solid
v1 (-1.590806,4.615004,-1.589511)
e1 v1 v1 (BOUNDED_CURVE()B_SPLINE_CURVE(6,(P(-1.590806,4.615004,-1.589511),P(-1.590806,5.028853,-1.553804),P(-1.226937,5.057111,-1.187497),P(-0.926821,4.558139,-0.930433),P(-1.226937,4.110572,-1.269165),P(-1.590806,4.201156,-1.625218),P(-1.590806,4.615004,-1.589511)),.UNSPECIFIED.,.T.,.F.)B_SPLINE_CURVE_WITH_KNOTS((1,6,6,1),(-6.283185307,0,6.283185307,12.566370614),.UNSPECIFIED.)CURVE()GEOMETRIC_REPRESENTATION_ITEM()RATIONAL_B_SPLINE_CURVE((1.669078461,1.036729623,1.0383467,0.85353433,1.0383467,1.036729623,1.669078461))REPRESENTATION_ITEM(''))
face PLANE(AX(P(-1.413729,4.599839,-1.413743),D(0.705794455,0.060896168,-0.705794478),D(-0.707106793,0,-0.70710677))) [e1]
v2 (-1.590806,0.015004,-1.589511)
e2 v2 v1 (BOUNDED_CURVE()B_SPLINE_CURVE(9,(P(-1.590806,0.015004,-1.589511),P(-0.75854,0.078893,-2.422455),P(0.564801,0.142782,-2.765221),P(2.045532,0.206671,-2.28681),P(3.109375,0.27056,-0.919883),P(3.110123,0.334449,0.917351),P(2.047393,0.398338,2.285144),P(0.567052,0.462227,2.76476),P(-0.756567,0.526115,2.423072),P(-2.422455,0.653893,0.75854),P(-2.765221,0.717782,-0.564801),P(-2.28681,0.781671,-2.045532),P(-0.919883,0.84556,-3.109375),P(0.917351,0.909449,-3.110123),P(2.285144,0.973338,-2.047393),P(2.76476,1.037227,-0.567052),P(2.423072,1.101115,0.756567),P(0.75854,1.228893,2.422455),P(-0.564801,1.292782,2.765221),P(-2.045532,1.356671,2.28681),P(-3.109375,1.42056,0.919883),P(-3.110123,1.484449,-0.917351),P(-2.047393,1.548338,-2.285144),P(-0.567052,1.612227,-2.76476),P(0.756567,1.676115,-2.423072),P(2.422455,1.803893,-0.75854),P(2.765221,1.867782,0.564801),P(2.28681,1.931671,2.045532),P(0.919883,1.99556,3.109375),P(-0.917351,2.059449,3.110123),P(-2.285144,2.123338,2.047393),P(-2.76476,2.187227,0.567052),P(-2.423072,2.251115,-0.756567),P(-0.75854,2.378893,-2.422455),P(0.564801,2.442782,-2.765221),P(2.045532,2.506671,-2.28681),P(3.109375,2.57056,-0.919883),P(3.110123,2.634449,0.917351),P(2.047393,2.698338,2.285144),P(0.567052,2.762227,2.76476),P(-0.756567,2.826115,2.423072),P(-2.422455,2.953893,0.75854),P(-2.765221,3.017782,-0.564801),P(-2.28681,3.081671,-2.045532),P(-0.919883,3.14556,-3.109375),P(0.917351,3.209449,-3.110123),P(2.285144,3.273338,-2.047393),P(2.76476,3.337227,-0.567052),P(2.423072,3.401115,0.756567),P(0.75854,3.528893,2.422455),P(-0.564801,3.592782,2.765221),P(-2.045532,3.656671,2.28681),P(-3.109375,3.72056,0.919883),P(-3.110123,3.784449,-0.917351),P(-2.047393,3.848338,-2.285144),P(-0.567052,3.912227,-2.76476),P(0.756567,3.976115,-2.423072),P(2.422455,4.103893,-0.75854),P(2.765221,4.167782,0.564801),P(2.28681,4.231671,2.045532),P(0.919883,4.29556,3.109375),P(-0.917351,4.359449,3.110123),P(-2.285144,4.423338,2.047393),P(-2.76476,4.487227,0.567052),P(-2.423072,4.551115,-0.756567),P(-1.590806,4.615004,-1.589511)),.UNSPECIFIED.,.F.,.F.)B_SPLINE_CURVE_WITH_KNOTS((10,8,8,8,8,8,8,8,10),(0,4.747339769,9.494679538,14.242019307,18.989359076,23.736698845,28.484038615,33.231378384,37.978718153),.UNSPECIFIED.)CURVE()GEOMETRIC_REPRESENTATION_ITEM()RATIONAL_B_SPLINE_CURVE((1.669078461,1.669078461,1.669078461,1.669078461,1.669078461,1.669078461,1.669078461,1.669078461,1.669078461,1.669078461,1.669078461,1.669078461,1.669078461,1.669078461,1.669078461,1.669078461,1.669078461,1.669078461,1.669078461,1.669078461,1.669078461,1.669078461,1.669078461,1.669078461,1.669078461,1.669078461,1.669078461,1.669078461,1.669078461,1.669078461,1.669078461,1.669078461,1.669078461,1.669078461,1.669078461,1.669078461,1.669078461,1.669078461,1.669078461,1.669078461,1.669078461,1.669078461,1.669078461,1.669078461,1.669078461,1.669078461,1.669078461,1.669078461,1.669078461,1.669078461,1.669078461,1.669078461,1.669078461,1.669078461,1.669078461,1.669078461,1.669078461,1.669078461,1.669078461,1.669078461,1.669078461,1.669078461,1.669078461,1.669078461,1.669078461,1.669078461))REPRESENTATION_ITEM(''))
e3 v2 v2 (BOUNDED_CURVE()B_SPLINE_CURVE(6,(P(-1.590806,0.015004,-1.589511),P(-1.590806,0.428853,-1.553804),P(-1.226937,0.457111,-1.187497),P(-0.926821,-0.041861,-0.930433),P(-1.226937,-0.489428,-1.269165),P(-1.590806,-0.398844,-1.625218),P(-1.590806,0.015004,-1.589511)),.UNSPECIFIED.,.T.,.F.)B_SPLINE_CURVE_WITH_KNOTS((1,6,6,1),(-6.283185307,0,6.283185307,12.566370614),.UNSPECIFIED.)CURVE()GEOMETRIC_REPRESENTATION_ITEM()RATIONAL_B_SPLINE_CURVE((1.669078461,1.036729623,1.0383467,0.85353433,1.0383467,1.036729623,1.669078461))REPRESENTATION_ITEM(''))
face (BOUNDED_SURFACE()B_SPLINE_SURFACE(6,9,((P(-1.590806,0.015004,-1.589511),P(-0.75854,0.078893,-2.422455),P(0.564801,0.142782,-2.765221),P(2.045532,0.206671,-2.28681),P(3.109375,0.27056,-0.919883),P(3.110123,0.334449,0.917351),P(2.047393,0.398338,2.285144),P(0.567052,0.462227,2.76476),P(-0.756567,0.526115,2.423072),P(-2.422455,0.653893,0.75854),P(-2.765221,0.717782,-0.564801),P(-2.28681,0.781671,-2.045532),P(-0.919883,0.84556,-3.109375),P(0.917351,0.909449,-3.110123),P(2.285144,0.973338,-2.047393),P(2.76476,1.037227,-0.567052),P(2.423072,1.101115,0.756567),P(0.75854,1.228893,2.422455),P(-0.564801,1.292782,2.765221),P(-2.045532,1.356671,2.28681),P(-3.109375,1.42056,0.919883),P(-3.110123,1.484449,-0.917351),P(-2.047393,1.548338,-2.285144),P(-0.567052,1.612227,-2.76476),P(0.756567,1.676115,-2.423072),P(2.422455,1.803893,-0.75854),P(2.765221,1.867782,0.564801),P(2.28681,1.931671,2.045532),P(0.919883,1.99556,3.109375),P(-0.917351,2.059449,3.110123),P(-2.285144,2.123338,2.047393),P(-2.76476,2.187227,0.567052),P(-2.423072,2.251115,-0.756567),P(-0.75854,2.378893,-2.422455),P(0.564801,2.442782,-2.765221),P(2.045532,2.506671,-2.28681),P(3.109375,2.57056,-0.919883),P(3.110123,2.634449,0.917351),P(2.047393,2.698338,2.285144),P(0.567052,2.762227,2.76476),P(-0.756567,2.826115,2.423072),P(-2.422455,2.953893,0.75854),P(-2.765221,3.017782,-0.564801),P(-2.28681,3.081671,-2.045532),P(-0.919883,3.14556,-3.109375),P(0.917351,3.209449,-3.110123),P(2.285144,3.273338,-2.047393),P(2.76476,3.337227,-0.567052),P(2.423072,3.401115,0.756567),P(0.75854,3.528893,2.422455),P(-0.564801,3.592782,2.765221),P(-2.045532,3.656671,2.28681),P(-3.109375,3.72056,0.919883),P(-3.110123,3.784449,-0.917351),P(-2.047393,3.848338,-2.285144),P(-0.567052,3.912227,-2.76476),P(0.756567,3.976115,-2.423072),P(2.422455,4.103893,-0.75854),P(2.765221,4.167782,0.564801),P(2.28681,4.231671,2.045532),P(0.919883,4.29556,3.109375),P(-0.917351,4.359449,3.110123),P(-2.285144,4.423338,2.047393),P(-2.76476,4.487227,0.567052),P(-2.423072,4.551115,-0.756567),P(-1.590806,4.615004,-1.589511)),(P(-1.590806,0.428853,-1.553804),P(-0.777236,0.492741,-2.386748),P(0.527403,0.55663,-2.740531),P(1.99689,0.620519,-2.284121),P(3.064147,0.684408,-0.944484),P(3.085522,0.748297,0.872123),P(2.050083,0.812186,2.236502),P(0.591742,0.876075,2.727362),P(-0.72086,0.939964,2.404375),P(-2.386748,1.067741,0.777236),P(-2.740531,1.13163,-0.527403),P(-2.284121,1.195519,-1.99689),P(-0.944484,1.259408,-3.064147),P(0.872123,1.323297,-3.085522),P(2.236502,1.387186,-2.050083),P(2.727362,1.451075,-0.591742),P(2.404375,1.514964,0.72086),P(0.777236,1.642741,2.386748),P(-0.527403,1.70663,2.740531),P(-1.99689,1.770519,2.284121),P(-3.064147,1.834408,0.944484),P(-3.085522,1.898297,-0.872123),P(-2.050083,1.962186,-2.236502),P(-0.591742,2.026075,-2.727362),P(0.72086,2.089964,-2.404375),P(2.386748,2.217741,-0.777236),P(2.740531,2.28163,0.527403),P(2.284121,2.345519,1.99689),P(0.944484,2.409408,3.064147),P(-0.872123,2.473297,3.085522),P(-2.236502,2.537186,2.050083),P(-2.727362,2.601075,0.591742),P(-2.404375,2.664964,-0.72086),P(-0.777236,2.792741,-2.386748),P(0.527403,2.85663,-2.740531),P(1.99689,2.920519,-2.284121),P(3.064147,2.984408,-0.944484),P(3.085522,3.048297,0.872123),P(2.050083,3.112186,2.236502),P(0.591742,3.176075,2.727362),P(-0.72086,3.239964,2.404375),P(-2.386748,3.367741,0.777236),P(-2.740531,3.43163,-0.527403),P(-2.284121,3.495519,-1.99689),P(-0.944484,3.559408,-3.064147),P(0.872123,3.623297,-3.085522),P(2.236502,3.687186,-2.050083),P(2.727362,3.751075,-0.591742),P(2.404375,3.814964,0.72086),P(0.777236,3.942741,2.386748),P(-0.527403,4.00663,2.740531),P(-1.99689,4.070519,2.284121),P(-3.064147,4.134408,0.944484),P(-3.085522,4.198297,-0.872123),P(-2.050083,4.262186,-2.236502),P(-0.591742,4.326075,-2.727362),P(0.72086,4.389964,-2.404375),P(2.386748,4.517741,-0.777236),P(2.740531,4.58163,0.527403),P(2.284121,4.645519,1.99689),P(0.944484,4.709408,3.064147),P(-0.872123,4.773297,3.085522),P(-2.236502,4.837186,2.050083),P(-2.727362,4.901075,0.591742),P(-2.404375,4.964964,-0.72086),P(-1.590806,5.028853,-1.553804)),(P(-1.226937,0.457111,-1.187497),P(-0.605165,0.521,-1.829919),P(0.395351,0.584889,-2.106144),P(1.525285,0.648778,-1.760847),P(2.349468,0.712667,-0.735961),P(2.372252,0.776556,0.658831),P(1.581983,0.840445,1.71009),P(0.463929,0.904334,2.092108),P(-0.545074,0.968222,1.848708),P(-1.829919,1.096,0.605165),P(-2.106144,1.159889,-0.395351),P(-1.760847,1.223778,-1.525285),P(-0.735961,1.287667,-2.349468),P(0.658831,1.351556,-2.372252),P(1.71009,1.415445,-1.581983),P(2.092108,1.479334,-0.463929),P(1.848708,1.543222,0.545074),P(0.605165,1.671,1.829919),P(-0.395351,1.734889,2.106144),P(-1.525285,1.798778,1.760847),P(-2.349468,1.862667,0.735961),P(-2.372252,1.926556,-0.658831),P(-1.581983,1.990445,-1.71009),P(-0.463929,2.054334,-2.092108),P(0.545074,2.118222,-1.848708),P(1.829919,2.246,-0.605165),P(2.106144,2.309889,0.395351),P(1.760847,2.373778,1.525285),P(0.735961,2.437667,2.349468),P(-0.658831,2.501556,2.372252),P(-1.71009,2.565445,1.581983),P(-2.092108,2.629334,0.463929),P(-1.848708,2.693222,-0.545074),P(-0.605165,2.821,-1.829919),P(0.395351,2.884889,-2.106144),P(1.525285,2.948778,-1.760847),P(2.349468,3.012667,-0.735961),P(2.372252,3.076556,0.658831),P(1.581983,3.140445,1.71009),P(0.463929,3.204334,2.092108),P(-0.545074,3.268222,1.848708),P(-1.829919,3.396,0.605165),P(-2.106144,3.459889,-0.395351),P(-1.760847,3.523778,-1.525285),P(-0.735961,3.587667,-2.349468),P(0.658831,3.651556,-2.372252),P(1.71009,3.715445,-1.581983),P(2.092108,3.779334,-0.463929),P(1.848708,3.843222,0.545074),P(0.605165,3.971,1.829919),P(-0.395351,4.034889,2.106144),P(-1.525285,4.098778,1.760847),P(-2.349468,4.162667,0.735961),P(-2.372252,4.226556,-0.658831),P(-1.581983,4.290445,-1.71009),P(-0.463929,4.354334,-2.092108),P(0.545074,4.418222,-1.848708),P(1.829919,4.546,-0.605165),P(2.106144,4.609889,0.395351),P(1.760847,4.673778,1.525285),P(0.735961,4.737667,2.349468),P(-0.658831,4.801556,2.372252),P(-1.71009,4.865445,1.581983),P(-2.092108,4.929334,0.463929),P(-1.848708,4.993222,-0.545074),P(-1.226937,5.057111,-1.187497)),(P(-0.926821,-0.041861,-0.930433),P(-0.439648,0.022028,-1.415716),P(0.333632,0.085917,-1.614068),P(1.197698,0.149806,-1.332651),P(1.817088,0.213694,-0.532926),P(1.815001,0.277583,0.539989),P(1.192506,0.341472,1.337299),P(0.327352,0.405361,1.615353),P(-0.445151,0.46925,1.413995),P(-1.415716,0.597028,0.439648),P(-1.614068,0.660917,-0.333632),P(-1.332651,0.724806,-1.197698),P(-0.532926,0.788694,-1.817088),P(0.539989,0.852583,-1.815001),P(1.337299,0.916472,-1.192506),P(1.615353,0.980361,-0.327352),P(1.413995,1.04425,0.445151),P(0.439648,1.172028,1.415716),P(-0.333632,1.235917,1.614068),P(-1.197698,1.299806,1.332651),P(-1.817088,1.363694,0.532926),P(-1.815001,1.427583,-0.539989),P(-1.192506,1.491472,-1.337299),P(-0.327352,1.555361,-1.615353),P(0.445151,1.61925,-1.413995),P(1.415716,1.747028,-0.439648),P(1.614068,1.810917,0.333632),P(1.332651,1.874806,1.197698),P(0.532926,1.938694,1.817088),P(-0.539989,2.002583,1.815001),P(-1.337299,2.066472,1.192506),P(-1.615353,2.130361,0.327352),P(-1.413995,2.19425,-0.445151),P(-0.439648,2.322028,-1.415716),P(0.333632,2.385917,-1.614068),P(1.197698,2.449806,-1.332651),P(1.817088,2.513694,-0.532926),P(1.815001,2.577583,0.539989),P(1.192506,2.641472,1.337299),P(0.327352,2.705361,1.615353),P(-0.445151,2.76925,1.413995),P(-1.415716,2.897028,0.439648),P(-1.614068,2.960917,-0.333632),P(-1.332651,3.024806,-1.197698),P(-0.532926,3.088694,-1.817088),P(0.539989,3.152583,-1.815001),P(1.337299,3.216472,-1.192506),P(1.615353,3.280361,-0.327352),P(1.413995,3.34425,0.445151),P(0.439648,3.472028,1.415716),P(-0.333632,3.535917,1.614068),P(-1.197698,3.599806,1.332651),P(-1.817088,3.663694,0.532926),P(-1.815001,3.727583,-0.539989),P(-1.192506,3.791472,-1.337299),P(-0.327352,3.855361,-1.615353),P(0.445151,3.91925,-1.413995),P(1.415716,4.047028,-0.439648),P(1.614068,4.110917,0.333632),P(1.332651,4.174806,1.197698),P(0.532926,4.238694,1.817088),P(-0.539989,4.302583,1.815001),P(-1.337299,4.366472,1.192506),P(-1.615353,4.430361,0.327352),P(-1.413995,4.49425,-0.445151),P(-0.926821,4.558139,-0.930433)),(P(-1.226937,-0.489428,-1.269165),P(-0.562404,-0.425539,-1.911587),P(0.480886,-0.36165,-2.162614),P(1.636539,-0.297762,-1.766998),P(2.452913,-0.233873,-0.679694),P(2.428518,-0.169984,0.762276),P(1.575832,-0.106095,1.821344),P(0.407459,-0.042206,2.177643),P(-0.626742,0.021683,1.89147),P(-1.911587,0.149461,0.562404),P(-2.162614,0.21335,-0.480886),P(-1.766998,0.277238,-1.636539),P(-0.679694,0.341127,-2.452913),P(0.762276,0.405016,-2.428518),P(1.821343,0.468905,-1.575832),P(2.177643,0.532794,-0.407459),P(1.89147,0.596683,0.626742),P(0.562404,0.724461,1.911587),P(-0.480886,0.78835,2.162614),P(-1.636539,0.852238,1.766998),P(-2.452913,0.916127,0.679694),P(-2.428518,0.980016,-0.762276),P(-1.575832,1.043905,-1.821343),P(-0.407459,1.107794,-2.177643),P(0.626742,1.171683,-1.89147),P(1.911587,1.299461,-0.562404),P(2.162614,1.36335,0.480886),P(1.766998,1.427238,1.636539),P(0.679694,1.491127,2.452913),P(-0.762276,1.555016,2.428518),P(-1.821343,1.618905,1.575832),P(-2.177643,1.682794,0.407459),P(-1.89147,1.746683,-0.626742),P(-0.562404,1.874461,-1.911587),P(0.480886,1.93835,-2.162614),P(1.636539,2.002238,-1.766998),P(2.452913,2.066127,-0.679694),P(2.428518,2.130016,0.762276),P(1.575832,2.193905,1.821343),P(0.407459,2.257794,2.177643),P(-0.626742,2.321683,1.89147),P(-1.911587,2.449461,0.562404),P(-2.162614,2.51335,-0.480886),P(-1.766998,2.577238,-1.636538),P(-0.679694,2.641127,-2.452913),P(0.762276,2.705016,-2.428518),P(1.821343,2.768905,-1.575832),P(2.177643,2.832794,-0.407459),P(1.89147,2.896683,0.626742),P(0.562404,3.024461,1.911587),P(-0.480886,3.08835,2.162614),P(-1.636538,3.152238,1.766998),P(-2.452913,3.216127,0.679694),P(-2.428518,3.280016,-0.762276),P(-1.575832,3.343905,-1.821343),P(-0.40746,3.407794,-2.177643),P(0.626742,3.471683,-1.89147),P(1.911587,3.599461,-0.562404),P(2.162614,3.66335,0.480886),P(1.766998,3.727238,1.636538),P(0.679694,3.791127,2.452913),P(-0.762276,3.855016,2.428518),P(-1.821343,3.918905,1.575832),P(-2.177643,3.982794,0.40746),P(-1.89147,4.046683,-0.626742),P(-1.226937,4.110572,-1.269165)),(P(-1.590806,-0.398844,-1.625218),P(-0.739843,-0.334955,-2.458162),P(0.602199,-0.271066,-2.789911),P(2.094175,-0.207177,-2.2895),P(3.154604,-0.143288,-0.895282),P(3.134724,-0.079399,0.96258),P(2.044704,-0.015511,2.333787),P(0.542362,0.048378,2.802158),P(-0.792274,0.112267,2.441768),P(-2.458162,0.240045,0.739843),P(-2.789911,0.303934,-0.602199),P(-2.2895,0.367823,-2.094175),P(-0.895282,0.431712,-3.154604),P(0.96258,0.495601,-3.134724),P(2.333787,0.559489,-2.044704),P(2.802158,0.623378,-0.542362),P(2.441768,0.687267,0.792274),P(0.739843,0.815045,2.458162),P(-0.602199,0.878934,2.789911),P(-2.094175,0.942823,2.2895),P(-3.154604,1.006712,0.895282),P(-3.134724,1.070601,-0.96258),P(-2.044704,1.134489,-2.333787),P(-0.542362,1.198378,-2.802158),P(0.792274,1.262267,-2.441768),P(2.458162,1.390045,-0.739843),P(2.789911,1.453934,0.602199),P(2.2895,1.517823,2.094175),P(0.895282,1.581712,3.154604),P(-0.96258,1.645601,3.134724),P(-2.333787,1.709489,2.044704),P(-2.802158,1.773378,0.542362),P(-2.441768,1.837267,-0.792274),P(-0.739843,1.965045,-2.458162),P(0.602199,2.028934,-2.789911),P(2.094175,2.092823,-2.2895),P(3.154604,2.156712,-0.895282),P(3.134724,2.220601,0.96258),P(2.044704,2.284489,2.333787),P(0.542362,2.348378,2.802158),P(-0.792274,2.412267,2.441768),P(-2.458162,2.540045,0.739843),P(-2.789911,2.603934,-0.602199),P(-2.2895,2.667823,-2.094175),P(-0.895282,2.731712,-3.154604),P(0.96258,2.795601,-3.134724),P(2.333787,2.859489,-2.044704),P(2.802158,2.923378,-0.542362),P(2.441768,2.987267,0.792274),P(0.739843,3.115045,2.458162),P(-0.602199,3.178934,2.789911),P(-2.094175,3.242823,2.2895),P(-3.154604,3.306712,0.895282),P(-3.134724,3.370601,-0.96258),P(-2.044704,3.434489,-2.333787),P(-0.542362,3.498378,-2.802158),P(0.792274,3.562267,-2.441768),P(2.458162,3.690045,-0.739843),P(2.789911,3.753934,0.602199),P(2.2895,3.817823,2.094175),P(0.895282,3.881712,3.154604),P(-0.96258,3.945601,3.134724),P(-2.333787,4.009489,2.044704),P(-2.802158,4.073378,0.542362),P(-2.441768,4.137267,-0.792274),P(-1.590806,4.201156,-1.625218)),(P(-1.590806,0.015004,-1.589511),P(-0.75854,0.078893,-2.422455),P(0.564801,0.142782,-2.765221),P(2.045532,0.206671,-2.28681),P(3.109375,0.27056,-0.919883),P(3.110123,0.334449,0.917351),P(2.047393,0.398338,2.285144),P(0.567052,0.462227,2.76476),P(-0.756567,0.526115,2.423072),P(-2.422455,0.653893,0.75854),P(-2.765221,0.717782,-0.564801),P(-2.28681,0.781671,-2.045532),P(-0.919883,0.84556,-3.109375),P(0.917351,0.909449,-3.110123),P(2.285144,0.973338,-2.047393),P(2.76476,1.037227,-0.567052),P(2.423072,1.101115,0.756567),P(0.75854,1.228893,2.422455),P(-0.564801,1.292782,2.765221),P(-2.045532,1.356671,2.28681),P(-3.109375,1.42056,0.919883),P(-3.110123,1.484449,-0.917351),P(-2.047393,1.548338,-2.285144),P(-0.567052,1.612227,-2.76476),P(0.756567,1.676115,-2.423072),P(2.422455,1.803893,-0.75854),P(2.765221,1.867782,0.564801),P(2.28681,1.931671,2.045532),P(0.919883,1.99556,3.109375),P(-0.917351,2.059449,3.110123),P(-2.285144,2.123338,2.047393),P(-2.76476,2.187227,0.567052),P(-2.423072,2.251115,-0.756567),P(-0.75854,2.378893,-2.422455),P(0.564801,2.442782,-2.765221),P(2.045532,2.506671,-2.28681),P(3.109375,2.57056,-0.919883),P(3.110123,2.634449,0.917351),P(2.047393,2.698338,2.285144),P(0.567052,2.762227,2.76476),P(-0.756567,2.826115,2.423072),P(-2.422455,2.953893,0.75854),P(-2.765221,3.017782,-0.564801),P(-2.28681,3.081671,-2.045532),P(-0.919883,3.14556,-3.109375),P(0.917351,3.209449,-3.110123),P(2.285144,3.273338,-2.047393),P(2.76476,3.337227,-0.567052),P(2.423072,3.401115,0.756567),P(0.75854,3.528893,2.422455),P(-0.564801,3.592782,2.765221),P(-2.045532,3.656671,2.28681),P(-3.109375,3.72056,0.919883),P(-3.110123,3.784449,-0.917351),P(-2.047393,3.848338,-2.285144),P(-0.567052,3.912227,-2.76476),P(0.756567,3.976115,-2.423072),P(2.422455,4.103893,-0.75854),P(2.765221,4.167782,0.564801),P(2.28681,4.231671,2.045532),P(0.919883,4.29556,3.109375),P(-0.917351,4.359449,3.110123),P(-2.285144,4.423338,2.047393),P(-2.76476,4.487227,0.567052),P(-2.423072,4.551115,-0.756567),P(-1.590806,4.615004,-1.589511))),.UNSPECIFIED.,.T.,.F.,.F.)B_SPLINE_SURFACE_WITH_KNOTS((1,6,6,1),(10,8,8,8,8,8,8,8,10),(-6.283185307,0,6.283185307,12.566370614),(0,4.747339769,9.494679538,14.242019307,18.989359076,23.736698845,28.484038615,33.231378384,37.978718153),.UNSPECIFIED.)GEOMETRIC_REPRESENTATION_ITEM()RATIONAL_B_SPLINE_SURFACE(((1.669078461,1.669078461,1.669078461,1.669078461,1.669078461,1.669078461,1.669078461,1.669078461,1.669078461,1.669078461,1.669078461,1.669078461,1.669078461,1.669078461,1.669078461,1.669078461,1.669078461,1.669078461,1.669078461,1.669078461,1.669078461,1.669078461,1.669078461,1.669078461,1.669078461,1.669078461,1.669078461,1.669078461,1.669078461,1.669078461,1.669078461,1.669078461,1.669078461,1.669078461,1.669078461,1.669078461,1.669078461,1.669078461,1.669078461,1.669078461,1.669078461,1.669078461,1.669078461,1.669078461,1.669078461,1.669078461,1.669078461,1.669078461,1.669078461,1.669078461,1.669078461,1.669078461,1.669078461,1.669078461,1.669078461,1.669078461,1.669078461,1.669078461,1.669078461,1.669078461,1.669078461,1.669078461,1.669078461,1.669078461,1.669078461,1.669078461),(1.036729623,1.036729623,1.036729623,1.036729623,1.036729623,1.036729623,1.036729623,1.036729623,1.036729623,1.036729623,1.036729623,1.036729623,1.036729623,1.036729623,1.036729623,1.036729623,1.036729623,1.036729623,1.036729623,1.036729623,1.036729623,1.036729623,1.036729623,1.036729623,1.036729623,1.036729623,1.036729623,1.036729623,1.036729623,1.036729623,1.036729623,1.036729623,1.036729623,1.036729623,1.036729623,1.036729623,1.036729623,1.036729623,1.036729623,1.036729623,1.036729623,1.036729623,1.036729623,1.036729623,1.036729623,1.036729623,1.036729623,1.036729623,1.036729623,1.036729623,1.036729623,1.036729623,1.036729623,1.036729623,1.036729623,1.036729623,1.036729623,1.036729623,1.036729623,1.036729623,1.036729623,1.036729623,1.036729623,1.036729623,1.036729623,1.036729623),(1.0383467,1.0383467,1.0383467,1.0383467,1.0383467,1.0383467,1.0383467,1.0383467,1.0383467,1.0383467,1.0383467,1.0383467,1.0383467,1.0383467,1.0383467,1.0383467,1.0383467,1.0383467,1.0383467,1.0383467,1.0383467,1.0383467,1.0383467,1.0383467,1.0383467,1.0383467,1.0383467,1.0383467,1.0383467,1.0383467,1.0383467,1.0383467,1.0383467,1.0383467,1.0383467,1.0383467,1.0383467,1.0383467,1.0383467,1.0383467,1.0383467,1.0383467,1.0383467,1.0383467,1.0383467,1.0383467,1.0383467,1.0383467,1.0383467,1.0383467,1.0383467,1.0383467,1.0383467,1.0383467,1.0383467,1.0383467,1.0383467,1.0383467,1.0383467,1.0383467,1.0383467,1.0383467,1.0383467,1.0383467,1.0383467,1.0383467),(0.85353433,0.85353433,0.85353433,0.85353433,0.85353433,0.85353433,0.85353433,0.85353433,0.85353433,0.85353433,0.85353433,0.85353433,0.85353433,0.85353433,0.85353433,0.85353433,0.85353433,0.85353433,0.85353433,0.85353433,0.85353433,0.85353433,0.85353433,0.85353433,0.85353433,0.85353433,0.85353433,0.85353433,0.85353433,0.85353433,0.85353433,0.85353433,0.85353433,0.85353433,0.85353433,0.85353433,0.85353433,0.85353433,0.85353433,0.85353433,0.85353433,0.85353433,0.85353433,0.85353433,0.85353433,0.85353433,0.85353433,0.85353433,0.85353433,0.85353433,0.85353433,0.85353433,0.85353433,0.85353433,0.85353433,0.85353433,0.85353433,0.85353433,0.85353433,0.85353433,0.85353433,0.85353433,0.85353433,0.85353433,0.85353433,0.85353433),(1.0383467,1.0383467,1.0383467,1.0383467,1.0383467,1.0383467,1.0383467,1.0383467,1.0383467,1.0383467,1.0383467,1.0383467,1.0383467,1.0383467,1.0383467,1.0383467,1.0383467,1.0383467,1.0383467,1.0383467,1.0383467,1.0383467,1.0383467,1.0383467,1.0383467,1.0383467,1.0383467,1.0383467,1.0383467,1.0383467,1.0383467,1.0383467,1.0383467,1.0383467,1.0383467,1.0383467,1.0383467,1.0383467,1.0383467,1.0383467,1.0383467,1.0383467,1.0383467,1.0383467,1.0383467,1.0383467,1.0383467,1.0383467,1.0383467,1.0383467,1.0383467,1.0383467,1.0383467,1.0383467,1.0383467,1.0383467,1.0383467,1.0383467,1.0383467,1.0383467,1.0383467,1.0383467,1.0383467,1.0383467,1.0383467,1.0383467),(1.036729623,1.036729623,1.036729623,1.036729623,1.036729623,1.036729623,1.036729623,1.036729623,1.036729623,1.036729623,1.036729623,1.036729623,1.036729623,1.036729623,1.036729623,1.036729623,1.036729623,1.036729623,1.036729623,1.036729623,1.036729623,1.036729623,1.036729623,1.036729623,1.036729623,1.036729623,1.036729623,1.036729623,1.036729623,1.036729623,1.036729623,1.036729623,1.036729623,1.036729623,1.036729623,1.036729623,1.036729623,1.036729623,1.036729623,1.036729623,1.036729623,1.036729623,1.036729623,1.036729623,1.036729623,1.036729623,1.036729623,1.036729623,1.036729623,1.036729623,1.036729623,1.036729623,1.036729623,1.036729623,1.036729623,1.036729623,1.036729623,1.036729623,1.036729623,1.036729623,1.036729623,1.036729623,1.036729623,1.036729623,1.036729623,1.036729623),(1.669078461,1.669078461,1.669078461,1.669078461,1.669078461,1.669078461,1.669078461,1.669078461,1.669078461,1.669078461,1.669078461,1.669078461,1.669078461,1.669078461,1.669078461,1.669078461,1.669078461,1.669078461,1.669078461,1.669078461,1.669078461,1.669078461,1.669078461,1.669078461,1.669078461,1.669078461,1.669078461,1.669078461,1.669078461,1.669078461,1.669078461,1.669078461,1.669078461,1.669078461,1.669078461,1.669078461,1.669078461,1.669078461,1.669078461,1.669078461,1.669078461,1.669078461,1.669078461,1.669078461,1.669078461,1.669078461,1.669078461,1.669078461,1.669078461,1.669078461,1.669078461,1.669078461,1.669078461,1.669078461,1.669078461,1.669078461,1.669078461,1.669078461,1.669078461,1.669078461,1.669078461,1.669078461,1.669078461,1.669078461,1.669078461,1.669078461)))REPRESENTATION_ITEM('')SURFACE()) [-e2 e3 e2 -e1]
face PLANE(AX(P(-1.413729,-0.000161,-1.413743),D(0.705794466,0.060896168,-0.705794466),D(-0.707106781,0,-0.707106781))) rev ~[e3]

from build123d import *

# Parameters (mm, degrees)
SWEEP1_PITCH       = 0.766666667
SWEEP1_HEIGHT      = 4.6
SWEEP1_RADIUS      = 2
SWEEP1_START_ANGLE = -135
SKETCH3_R          = 0.25


with BuildPart() as part:
    # Sweep1: sweep along a helix
    with BuildLine() as sweep1_path:
        add(Helix(SWEEP1_PITCH, SWEEP1_HEIGHT, SWEEP1_RADIUS, center=(0, 0, 0), direction=(0, 1, 0), lefthand=True, mode=Mode.PRIVATE).rotate(Axis((0, 0, 0), (0, 1, 0)), SWEEP1_START_ANGLE))
    # Sketch3 → Sweep1 (sweep)
    with BuildSketch(Plane(origin=(-1.414213562, 0, -1.414213562), x_dir=(-0.7084166652698817, 0.06067076116785465, -0.7031819729680318), z_dir=(0.7057944660932817, 0.06089616789406294, -0.7057944660932938))):
        with Locations((-0.000722946, -0.000119939)):
            Circle(SKETCH3_R)
    sweep(path=sweep1_path.line, is_frenet=True)


solid = part.part
